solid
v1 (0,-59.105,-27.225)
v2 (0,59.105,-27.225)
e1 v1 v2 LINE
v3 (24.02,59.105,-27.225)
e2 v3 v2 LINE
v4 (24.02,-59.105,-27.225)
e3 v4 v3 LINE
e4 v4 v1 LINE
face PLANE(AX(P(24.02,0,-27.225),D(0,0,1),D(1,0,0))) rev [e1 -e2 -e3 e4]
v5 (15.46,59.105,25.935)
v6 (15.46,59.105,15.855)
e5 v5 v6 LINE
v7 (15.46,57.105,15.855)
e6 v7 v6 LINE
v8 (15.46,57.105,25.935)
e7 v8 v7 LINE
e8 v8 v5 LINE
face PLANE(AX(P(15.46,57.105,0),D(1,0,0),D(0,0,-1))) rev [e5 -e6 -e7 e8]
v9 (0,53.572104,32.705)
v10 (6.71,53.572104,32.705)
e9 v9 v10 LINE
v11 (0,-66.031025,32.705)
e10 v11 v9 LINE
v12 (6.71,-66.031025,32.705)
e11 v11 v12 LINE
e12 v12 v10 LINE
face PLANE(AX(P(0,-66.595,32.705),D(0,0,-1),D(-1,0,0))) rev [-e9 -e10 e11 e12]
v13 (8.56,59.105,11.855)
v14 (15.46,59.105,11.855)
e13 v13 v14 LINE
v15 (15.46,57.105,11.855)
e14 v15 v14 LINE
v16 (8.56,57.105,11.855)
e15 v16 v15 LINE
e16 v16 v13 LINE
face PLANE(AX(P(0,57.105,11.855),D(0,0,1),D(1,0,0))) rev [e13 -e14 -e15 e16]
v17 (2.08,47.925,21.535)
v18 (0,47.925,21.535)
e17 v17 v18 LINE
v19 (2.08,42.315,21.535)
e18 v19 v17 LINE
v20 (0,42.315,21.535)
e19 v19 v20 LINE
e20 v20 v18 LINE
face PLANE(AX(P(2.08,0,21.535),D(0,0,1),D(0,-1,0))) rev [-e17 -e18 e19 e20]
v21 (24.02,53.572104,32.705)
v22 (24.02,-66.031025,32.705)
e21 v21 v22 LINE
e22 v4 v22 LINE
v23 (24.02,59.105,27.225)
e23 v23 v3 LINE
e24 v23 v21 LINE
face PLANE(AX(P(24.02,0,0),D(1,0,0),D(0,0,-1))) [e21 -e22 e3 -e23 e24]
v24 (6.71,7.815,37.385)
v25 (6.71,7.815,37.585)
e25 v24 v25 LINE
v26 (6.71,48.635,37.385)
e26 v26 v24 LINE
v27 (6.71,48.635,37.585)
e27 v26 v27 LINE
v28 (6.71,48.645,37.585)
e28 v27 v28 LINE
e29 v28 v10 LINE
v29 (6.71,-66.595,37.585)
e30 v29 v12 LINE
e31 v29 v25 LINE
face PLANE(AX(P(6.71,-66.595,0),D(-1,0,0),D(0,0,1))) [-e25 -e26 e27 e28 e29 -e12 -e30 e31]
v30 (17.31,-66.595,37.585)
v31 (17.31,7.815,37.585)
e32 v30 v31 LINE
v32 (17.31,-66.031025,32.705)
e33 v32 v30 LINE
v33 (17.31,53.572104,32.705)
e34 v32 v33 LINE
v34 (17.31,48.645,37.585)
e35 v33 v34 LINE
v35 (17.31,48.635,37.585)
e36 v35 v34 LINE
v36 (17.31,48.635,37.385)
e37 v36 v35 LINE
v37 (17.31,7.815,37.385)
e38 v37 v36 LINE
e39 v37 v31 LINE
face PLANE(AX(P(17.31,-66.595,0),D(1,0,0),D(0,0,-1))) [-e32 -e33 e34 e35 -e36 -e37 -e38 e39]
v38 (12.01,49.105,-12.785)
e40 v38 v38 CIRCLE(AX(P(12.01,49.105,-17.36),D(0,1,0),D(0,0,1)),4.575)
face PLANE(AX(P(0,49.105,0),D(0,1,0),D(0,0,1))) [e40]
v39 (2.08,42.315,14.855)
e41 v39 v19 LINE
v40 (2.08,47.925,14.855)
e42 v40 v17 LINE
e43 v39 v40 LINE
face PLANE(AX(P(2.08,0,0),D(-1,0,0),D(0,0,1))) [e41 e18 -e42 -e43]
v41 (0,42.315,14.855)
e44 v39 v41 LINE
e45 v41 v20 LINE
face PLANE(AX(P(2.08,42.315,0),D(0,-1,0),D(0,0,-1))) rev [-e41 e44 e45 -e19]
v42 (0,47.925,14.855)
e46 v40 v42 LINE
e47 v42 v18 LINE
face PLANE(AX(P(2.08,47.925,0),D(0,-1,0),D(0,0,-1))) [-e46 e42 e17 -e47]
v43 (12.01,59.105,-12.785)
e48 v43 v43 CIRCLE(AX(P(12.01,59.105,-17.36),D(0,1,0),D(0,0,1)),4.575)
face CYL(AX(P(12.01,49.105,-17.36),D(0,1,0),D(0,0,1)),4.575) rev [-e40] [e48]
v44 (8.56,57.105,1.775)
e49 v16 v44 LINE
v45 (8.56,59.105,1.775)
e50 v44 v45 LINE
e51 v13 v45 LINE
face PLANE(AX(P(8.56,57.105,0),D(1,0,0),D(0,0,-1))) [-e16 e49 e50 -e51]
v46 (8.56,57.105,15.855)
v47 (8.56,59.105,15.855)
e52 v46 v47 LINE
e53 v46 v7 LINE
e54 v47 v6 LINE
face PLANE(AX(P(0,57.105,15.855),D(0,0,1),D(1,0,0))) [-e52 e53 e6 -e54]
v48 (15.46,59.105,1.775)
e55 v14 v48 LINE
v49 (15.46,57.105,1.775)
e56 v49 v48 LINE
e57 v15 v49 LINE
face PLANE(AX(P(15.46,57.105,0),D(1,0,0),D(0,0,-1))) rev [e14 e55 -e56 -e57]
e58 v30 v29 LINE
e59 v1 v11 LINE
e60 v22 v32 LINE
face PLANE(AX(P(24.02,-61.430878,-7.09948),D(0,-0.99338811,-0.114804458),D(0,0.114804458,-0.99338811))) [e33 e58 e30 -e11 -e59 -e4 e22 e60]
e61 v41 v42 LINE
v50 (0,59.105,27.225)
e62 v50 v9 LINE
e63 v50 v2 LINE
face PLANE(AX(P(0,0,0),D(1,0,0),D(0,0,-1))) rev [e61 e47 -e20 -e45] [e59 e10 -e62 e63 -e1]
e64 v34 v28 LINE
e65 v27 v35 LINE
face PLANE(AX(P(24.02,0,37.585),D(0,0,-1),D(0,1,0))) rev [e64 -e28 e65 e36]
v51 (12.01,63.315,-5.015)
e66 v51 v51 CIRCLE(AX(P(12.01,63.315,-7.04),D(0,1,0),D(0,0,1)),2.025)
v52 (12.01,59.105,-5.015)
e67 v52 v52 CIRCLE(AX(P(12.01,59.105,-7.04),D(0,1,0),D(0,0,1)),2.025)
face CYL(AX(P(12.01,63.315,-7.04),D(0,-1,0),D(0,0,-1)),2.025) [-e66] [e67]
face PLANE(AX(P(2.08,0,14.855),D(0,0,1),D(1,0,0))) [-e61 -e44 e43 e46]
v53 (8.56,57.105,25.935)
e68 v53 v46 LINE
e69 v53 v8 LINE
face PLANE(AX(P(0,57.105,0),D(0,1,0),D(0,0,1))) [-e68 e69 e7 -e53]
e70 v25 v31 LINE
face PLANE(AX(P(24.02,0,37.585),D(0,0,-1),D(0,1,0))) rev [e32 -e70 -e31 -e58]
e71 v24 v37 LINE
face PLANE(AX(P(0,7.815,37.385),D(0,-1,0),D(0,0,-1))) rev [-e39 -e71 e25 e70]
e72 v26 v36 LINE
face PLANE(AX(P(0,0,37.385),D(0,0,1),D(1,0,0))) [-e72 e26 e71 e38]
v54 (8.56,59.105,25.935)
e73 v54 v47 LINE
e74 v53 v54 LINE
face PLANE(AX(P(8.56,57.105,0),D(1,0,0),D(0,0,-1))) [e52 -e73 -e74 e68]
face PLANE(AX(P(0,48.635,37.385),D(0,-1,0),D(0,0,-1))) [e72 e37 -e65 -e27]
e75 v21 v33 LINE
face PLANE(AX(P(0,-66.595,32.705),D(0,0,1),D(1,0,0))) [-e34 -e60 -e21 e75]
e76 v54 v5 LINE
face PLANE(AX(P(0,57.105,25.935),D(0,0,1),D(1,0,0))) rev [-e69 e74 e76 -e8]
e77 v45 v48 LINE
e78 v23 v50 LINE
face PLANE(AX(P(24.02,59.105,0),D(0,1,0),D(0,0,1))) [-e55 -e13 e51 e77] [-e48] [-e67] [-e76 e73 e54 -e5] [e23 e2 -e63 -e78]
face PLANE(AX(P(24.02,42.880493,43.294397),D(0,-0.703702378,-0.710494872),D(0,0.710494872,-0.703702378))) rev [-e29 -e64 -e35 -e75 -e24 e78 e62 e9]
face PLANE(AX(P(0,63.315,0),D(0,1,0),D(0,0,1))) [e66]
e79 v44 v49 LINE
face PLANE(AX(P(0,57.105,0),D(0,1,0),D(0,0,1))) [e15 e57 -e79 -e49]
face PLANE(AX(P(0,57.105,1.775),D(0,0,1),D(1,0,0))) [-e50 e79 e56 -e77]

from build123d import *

# Parameters (mm, degrees)
SKETCH_1_W          = 54.45
SKETCH_1_H          = 10.46
SKETCH_1_H_2        = 107.75
EXTRUDE_1_DEPTH     = 24.02
CUT_EXTRUDE_1_DEPTH = 10
EXTRUDE_2_DEPTH     = 4.21
SKETCH_4_W          = 3.45
SKETCH_4_H          = 10.08
CUT_EXTRUDE_2_DEPTH = 2
SKETCH_5_W          = 6.71
SKETCH_5_H          = 4.88
CUT_EXTRUDE_4_DEPTH = 134.379468529
SKETCH_7_W          = 5.3
SKETCH_7_H          = 23.4
CUT_EXTRUDE_5_DEPTH = 0.2
SKETCH_8_W          = 10.6
SKETCH_8_H          = 9.42
CUT_EXTRUDE_6_DEPTH = 0.2
SKETCH_9_W          = 10.6
SKETCH_9_H          = 8
CUT_EXTRUDE_7_DEPTH = 0.2
SKETCH_10_W         = 6.68
SKETCH_10_H         = 5.61
CUT_EXTRUDE_8_DEPTH = 2.08


with BuildPart() as part:
    # 草图1 → 凸台-拉伸1 (new body)
    with BuildSketch(Plane(origin=(0, 0, 0), x_dir=(0, 0, -1), z_dir=(1, 0, 0))):
        with Locations((0, 53.875)):
            Rectangle(SKETCH_1_W, SKETCH_1_H)
        with Locations((0, -5.23)):
            Rectangle(SKETCH_1_W, SKETCH_1_H_2)
        Polygon((-37.585, -66.595), (27.225, -59.105), (-27.225, -59.105), (-27.225, 48.645), (-37.585, 48.645), align=None)
        Polygon((-27.225, 59.105), (-37.585, 48.645), (-27.225, 48.645), align=None)
    extrude(amount=EXTRUDE_1_DEPTH)

    # 草图2 → 切除-拉伸1 (cut)
    with BuildSketch(Plane(origin=(0, 59.105, 0), x_dir=(1, 0, 0), z_dir=(0, 1, 0))):
        with BuildLine():
            ThreePointArc((16.585, 17.36), (15.245013524, 20.595013524), (12.01, 21.935))
            Line((12.01, 21.935), (12.01, 12.785))
            ThreePointArc((12.01, 12.785), (15.245013524, 14.124986476), (16.585, 17.36))
        make_face()
        with BuildLine():
            Line((12.01, 12.785), (12.01, 21.935))
            ThreePointArc((12.01, 21.935), (7.435, 17.36), (12.01, 12.785))
        make_face()
    extrude(amount=-CUT_EXTRUDE_1_DEPTH, mode=Mode.SUBTRACT)

    # 草图3 → 凸台-拉伸2 (add)
    with BuildSketch(Plane(origin=(0, 59.105, 0), x_dir=(1, 0, 0), z_dir=(0, 1, 0))):
        with BuildLine():
            ThreePointArc((14.035, 7.04), (13.441891232, 8.471891232), (12.01, 9.065))
            Line((12.01, 9.065), (12.01, 5.015))
            ThreePointArc((12.01, 5.015), (13.441891232, 5.608108768), (14.035, 7.04))
        make_face()
        with BuildLine():
            Line((12.01, 5.015), (12.01, 9.065))
            ThreePointArc((12.01, 9.065), (9.985, 7.04), (12.01, 5.015))
        make_face()
    extrude(amount=EXTRUDE_2_DEPTH)

    # 草图4 → 切除-拉伸2 (cut)
    with BuildSketch(Plane(origin=(0, 59.105, 0), x_dir=(1, 0, 0), z_dir=(0, 1, 0))):
        with Locations((13.735, -6.815)):
            Rectangle(SKETCH_4_W, SKETCH_4_H)
        with Locations((10.285, -6.815)):
            Rectangle(SKETCH_4_W, SKETCH_4_H)
        with Locations((10.285, -20.895)):
            Rectangle(SKETCH_4_W, SKETCH_4_H)
        with Locations((13.735, -20.895)):
            Rectangle(SKETCH_4_W, SKETCH_4_H)
    extrude(amount=-CUT_EXTRUDE_2_DEPTH, mode=Mode.SUBTRACT)

    # 草图5 → 切除-拉伸4 (cut, through all)
    with BuildSketch(Plane(origin=(0, 59.105, 0), x_dir=(1, 0, 0), z_dir=(0, 1, 0))):
        with Locations((3.355, -35.145)):
            Rectangle(SKETCH_5_W, SKETCH_5_H)
        with Locations((20.665, -35.145)):
            Rectangle(SKETCH_5_W, SKETCH_5_H)
    extrude(amount=-CUT_EXTRUDE_4_DEPTH, mode=Mode.SUBTRACT)

    # 草图7 → 切除-拉伸5 (cut)
    with BuildSketch(Plane.XY.offset(37.585)):
        with Locations((9.36, 27.515)):
            Rectangle(SKETCH_7_W, SKETCH_7_H)
        with Locations((14.66, 27.515)):
            Rectangle(SKETCH_7_W, SKETCH_7_H)
    extrude(amount=-CUT_EXTRUDE_5_DEPTH, mode=Mode.SUBTRACT)

    # 草图8 → 切除-拉伸6 (cut)
    with BuildSketch(Plane.XY.offset(37.585)):
        with Locations((12.01, 43.925)):
            Rectangle(SKETCH_8_W, SKETCH_8_H)
    extrude(amount=-CUT_EXTRUDE_6_DEPTH, mode=Mode.SUBTRACT)

    # 草图9 → 切除-拉伸7 (cut)
    with BuildSketch(Plane.XY.offset(37.585)):
        with Locations((12.01, 11.815)):
            Rectangle(SKETCH_9_W, SKETCH_9_H)
    extrude(amount=-CUT_EXTRUDE_7_DEPTH, mode=Mode.SUBTRACT)

    # 草图10 → 切除-拉伸8 (cut)
    with BuildSketch(Plane.ZY):
        with Locations((18.195, 45.12)):
            Rectangle(SKETCH_10_W, SKETCH_10_H)
    extrude(amount=-CUT_EXTRUDE_8_DEPTH, mode=Mode.SUBTRACT)


solid = part.part
